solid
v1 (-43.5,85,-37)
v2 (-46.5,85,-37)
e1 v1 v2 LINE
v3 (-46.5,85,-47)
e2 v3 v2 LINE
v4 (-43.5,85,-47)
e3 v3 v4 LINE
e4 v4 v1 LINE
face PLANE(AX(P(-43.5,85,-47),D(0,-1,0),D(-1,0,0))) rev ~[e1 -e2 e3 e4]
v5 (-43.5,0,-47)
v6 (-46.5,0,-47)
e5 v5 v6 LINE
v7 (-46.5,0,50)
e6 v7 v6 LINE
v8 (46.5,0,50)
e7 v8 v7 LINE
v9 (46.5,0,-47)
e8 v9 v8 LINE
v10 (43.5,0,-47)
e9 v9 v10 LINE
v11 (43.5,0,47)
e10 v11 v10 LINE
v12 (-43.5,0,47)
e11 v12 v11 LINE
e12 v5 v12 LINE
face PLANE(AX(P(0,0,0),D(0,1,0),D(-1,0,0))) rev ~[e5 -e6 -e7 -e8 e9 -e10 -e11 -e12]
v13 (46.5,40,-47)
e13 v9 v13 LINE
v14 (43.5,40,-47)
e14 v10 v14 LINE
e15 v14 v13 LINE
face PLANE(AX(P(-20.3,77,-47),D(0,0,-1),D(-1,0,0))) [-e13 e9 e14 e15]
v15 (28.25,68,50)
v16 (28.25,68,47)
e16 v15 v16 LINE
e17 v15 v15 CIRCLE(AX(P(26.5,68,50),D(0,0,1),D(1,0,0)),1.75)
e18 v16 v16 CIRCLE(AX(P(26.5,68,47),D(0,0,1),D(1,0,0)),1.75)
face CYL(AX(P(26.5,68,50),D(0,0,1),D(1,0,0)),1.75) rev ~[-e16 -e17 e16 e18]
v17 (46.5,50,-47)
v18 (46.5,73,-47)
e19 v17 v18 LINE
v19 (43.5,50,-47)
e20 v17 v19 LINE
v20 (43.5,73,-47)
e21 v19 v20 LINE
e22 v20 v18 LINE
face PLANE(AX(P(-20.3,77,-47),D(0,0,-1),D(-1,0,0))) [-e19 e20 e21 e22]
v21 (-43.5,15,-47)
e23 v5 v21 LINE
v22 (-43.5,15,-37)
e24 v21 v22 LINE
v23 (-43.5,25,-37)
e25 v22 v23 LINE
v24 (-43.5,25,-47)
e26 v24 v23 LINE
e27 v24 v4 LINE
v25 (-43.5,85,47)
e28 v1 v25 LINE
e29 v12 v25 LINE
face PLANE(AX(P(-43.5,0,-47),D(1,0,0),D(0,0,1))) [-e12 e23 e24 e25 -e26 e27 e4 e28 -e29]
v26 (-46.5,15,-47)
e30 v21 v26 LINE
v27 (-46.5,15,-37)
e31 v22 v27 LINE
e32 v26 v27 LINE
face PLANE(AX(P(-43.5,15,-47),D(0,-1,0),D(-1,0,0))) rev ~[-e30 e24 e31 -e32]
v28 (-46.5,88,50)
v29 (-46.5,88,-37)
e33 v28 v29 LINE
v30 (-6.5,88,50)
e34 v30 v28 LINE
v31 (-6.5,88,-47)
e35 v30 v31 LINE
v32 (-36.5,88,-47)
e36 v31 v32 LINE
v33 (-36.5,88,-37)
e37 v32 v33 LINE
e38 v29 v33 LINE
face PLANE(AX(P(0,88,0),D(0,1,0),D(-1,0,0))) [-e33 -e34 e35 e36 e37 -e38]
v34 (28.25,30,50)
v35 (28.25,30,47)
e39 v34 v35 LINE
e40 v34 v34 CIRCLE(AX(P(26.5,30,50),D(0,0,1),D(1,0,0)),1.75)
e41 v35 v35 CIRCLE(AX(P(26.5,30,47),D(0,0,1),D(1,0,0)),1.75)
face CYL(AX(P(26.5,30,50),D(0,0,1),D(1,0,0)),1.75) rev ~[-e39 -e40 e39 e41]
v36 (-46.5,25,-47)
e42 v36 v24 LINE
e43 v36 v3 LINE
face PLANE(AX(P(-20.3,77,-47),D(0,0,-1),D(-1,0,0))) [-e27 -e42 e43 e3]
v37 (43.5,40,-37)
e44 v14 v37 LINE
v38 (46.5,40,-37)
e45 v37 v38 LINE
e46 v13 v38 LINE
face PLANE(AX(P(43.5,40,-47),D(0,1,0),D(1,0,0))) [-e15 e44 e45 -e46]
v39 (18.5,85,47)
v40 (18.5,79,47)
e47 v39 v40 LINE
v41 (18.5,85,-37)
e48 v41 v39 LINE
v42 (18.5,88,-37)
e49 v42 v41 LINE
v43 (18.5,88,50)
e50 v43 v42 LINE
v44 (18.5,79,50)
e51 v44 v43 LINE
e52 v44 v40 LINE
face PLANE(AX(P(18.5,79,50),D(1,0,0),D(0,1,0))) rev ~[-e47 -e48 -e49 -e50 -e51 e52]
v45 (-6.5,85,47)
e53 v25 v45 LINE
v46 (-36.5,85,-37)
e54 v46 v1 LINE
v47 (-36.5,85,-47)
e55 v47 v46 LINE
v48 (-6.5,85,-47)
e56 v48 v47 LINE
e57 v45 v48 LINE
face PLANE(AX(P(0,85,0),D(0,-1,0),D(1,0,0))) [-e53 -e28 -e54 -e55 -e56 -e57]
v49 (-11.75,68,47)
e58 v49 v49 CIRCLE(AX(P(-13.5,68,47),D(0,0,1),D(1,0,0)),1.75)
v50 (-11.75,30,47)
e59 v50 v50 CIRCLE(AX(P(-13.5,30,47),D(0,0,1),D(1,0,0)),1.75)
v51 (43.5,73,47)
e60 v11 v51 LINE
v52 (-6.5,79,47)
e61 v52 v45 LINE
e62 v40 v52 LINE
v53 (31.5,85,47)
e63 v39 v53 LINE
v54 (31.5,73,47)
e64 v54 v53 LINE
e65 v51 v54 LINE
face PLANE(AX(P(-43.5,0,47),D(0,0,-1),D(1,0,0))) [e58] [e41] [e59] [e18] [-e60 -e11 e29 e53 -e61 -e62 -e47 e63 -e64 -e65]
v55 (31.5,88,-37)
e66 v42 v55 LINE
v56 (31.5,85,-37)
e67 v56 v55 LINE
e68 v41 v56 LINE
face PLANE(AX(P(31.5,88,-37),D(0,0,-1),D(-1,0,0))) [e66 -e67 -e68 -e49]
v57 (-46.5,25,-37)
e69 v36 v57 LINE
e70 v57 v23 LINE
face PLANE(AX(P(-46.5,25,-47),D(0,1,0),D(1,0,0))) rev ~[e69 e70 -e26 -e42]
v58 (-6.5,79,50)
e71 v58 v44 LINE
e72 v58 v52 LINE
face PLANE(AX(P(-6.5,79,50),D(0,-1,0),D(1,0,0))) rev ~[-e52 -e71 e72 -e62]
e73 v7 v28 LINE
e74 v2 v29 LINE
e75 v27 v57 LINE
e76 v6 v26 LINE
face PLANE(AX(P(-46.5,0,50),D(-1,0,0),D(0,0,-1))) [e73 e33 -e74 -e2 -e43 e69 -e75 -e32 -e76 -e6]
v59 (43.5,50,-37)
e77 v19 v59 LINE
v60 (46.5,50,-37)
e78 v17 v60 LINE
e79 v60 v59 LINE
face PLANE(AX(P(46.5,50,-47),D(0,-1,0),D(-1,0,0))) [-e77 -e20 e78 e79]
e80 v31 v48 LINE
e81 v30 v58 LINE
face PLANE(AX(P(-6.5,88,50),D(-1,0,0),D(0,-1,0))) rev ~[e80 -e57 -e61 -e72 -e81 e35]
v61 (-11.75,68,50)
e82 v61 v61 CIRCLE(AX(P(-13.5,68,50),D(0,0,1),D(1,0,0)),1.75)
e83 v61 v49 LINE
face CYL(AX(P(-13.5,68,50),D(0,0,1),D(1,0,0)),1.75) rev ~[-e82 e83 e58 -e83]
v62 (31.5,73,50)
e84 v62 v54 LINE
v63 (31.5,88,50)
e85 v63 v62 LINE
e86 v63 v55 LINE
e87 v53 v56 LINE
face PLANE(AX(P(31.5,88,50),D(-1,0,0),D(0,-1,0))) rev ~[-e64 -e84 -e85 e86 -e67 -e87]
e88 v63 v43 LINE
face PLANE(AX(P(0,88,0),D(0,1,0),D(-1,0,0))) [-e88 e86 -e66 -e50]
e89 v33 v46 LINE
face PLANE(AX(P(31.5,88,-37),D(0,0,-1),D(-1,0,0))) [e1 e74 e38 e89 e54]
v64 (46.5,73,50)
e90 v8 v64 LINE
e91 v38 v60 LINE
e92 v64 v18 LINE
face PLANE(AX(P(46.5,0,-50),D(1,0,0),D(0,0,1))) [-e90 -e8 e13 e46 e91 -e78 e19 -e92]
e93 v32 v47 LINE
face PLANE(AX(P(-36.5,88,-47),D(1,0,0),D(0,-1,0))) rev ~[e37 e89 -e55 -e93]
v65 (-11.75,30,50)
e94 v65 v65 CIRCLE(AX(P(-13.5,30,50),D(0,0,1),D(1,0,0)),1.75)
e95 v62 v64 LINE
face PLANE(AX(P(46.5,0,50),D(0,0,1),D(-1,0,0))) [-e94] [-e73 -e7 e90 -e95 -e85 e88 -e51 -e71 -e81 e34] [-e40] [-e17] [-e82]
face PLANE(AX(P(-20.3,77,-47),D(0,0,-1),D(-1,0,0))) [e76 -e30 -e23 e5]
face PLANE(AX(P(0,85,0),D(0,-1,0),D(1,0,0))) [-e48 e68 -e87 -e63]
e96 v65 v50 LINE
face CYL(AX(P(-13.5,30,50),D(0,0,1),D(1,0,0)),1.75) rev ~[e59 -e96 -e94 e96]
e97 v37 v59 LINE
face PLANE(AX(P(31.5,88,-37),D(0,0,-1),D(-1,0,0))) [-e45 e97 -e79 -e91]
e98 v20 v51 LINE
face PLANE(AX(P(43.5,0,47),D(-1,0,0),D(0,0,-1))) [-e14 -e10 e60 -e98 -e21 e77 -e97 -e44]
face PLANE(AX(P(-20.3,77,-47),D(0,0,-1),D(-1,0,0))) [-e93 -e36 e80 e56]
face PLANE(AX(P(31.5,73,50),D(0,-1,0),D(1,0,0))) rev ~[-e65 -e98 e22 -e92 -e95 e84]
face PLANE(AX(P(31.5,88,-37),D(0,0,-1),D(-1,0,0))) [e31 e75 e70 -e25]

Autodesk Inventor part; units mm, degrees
ref_plane "YZ Plane" through (0, 0, 0) normal (1, 0, 0) x (0, 1, 0)
ref_plane "XZ Plane" through (0, 0, 0) normal (0, 1, 0) x (-1, 0, 0)
ref_plane "XY Plane" through (0, 0, 0) normal (0, 0, 1) x (1, 0, 0)
sketch "Esquisse1" plane through (0, 0, 0) normal (0, 1, 0) x (-1, 0, 0)
  line L0 (-46.5, 50) -> (46.5, 50)
  line L1 (46.5, 50) -> (46.5, -50)
  line L2 (46.5, -50) -> (-46.5, -50)
  line L3 (-46.5, -50) -> (-46.5, 50)
  line L4 (-46.5, 50) -> (46.5, -50) construction
  line L5 (46.5, 50) -> (-46.5, -50) construction
  point P0 (0, 0)
  dimension "d0" = 100
  dimension "d1" = 93
extrude "Extrusion1" add sketch "Esquisse1" along normal blind 88
sketch "Esquisse2" plane through (0, 0, 0) normal (0, -1, 0) x (1, 0, 0)
  line L0 (-43.5, 47) -> (43.5, 47)
  line L1 (43.5, 47) -> (43.5, -47)
  line L2 (43.5, -47) -> (-43.5, -47)
  line L3 (-43.5, -47) -> (-43.5, 47)
  line L4 (-43.5, 47) -> (43.5, -47) construction
  line L5 (43.5, 47) -> (-43.5, -47) construction
  line L6 (46.5, 50) -> (46.5, -50) projected
  line L7 (-46.5, 50) -> (46.5, 50) projected
  point P0 (0, 0)
  dimension "d4" = 3
  dimension "d5" = 3
extrude "Extrusion2" cut sketch "Esquisse2" against normal blind 85
sketch "Esquisse3" plane through (-46.5, 0, 50) normal (0, 0, 1) x (1, 0, 0)
  line L0 (0, 88) -> (93, 88) projected
  line L1 (93, 88) -> (78, 88)
  line L2 (78, 88) -> (78, 73)
  line L3 (78, 73) -> (93, 73)
  line L4 (93, 73) -> (93, 88)
  point P0 (46.5, 0)
  dimension "d8" = 15
  dimension "d9" = 15
extrude "Extrusion3" cut sketch "Esquisse3" against normal up to surface (100 mm away)
sketch "Esquisse4" plane through (-46.5, 0, 50) normal (0, 0, 1) x (1, 0, 0)
  circle A0 centre (73, 68) radius 1.75
  circle A1 centre (33, 68) radius 1.75
  circle A2 centre (73, 30) radius 1.75
  circle A3 centre (33, 30) radius 1.75
  line L0 (93, 0) -> (93, 73) projected
  line L1 (0, 88) -> (78, 88) projected
  point P0 (46.5, 0)
  dimension "d12" = 40
  dimension "d13" = 3.5
  dimension "d14" = 3.5
  dimension "d15" = 3.5
  dimension "d16" = 3.5
  dimension "d17" = 40
  dimension "d18" = 0
  dimension "d19" = 0
  dimension "d20" = 38
  dimension "d21" = 20
  dimension "d22" = 20
  dimension "d23" = 0
extrude "Extrusion4" cut sketch "Esquisse4" against normal up to surface (3 mm away)
sketch "Esquisse5" plane through (46.5, 0, -50) normal (0, 0, -1) x (-1, 0, 0)
  circle A0 centre (66.8, 77) radius 2.1
  circle A1 centre (41.4, 77) radius 2.1
  circle A2 centre (11, 44.9) radius 2.1
  circle A3 centre (11, 7.4) radius 2.1
  line L0 (0, 0) -> (0, 73) projected
  line L1 (15, 88) -> (93, 88) projected
  line L2 (15, 88) -> (15, 73) projected
  line L3 (15, 73) -> (0, 73) projected
  circle A4 centre (83, 7.4) radius 2.1
  line L4 (93, 0) -> (93, 88) projected
  point P0 (46.5, 0)
  dimension "d26" = 4.2
  dimension "d27" = 4.2
  dimension "d28" = 4.2
  dimension "d29" = 4.2
  dimension "d30" = 11
  dimension "d31" = 0
  dimension "d32" = 11
  dimension "d33" = 0
  dimension "d34" = 37.5
  dimension "d35" = 25.4
  dimension "d36" = 26.4
  dimension "d37" = 28.1
  dimension "d38" = 4.2
  dimension "d39" = 0
  dimension "d40" = 10
extrude "Extrusion5" add sketch "Esquisse5" along normal blind 5.7
sketch "Esquisse6" plane through (-36.5, 7.4, -55.7) normal (0, 0, -1) x (-1, 0, 0)
  point P0 (-36.5, -7.4)
sketch "Esquisse7" plane through (-46.5, 0, 50) normal (0, 0, 1) x (1, 0, 0)
  line L0 (0, 88) -> (78, 88) projected
  line L1 (65, 88) -> (40, 88)
  line L2 (40, 88) -> (40, 79)
  line L3 (40, 79) -> (65, 79)
  line L4 (65, 79) -> (65, 88)
  line L5 (78, 73) -> (78, 88) projected
  point P0 (46.5, 0)
  point P1 (78, 80.5)
  point P2 (65, 83.5)
  dimension "d43" = 25
  dimension "d44" = 13
  dimension "d45" = 9
extrude "Extrusion6" cut sketch "Esquisse7" against normal up to surface (100 mm away)
sketch "Esquisse8" plane through (-20.3, 77, -55.7) normal (0, 0, -1) x (-1, 0, 0)
  line L0 (-13.8, 11) -> (26.2, 11) projected
  line L1 (-66.8, -77) -> (-66.8, -4) projected
  line L2 (26.2, 11) -> (-66.8, 11)
  line L3 (-66.8, 11) -> (-66.8, -77)
  line L4 (-66.8, -77) -> (26.2, -77)
  line L5 (26.2, -77) -> (26.2, 11)
  point P0 (-20.3, -77)
extrude "Extrusion7" cut sketch "Esquisse8" against normal up to surface (8.7 mm away)
sketch "Esquisse9" plane through (31.5, 88, -47) normal (0, 0, -1) x (-1, 0, 0)
  line L0 (13, 0) -> (0, 0) projected
  line L1 (13, -9) -> (13, -3) projected
  line L2 (0, 0) -> (13, 0)
  line L3 (13, 0) -> (13, -3)
  line L4 (13, -3) -> (0, -3)
  line L5 (0, -3) -> (0, 0)
  line L6 (78, -88) -> (78, 0) projected
  line L7 (75, -3) -> (38, -3) projected
  line L8 (78, 0) -> (68, 0)
  line L9 (68, 0) -> (68, -3)
  line L10 (68, -3) -> (78, -3)
  line L11 (78, -3) -> (78, 0)
  line L12 (75, -88) -> (75, -3) projected
  line L13 (78, -63) -> (75, -63)
  line L14 (75, -63) -> (75, -73)
  line L15 (75, -73) -> (78, -73)
  line L16 (78, -73) -> (78, -63)
  line L17 (78, -88) -> (75, -88) projected
  line L18 (-15, -88) -> (-15, -15) projected
  line L19 (-12, -88) -> (-12, -15) projected
  line L20 (-15, -38) -> (-12, -38)
  line L21 (-12, -38) -> (-12, -48)
  line L22 (-12, -48) -> (-15, -48)
  line L23 (-15, -48) -> (-15, -38)
  line L24 (-12, -88) -> (-15, -88) projected
  point P0 (31.5, -88)
  point P1 (-15, -48)
  dimension "d50" = 10
  dimension "d51" = 10
  dimension "d52" = 15
  dimension "d53" = 10
  dimension "d54" = 40
extrude "Extrusion8" cut sketch "Esquisse9" against normal blind 10 contours L3 L4 L5 L0 | L15 L12 L13 L6 | L10 L7 L9 L8 L6 | L18 L20 L19 L22
properties part number "support_imu_Impression 3D"
